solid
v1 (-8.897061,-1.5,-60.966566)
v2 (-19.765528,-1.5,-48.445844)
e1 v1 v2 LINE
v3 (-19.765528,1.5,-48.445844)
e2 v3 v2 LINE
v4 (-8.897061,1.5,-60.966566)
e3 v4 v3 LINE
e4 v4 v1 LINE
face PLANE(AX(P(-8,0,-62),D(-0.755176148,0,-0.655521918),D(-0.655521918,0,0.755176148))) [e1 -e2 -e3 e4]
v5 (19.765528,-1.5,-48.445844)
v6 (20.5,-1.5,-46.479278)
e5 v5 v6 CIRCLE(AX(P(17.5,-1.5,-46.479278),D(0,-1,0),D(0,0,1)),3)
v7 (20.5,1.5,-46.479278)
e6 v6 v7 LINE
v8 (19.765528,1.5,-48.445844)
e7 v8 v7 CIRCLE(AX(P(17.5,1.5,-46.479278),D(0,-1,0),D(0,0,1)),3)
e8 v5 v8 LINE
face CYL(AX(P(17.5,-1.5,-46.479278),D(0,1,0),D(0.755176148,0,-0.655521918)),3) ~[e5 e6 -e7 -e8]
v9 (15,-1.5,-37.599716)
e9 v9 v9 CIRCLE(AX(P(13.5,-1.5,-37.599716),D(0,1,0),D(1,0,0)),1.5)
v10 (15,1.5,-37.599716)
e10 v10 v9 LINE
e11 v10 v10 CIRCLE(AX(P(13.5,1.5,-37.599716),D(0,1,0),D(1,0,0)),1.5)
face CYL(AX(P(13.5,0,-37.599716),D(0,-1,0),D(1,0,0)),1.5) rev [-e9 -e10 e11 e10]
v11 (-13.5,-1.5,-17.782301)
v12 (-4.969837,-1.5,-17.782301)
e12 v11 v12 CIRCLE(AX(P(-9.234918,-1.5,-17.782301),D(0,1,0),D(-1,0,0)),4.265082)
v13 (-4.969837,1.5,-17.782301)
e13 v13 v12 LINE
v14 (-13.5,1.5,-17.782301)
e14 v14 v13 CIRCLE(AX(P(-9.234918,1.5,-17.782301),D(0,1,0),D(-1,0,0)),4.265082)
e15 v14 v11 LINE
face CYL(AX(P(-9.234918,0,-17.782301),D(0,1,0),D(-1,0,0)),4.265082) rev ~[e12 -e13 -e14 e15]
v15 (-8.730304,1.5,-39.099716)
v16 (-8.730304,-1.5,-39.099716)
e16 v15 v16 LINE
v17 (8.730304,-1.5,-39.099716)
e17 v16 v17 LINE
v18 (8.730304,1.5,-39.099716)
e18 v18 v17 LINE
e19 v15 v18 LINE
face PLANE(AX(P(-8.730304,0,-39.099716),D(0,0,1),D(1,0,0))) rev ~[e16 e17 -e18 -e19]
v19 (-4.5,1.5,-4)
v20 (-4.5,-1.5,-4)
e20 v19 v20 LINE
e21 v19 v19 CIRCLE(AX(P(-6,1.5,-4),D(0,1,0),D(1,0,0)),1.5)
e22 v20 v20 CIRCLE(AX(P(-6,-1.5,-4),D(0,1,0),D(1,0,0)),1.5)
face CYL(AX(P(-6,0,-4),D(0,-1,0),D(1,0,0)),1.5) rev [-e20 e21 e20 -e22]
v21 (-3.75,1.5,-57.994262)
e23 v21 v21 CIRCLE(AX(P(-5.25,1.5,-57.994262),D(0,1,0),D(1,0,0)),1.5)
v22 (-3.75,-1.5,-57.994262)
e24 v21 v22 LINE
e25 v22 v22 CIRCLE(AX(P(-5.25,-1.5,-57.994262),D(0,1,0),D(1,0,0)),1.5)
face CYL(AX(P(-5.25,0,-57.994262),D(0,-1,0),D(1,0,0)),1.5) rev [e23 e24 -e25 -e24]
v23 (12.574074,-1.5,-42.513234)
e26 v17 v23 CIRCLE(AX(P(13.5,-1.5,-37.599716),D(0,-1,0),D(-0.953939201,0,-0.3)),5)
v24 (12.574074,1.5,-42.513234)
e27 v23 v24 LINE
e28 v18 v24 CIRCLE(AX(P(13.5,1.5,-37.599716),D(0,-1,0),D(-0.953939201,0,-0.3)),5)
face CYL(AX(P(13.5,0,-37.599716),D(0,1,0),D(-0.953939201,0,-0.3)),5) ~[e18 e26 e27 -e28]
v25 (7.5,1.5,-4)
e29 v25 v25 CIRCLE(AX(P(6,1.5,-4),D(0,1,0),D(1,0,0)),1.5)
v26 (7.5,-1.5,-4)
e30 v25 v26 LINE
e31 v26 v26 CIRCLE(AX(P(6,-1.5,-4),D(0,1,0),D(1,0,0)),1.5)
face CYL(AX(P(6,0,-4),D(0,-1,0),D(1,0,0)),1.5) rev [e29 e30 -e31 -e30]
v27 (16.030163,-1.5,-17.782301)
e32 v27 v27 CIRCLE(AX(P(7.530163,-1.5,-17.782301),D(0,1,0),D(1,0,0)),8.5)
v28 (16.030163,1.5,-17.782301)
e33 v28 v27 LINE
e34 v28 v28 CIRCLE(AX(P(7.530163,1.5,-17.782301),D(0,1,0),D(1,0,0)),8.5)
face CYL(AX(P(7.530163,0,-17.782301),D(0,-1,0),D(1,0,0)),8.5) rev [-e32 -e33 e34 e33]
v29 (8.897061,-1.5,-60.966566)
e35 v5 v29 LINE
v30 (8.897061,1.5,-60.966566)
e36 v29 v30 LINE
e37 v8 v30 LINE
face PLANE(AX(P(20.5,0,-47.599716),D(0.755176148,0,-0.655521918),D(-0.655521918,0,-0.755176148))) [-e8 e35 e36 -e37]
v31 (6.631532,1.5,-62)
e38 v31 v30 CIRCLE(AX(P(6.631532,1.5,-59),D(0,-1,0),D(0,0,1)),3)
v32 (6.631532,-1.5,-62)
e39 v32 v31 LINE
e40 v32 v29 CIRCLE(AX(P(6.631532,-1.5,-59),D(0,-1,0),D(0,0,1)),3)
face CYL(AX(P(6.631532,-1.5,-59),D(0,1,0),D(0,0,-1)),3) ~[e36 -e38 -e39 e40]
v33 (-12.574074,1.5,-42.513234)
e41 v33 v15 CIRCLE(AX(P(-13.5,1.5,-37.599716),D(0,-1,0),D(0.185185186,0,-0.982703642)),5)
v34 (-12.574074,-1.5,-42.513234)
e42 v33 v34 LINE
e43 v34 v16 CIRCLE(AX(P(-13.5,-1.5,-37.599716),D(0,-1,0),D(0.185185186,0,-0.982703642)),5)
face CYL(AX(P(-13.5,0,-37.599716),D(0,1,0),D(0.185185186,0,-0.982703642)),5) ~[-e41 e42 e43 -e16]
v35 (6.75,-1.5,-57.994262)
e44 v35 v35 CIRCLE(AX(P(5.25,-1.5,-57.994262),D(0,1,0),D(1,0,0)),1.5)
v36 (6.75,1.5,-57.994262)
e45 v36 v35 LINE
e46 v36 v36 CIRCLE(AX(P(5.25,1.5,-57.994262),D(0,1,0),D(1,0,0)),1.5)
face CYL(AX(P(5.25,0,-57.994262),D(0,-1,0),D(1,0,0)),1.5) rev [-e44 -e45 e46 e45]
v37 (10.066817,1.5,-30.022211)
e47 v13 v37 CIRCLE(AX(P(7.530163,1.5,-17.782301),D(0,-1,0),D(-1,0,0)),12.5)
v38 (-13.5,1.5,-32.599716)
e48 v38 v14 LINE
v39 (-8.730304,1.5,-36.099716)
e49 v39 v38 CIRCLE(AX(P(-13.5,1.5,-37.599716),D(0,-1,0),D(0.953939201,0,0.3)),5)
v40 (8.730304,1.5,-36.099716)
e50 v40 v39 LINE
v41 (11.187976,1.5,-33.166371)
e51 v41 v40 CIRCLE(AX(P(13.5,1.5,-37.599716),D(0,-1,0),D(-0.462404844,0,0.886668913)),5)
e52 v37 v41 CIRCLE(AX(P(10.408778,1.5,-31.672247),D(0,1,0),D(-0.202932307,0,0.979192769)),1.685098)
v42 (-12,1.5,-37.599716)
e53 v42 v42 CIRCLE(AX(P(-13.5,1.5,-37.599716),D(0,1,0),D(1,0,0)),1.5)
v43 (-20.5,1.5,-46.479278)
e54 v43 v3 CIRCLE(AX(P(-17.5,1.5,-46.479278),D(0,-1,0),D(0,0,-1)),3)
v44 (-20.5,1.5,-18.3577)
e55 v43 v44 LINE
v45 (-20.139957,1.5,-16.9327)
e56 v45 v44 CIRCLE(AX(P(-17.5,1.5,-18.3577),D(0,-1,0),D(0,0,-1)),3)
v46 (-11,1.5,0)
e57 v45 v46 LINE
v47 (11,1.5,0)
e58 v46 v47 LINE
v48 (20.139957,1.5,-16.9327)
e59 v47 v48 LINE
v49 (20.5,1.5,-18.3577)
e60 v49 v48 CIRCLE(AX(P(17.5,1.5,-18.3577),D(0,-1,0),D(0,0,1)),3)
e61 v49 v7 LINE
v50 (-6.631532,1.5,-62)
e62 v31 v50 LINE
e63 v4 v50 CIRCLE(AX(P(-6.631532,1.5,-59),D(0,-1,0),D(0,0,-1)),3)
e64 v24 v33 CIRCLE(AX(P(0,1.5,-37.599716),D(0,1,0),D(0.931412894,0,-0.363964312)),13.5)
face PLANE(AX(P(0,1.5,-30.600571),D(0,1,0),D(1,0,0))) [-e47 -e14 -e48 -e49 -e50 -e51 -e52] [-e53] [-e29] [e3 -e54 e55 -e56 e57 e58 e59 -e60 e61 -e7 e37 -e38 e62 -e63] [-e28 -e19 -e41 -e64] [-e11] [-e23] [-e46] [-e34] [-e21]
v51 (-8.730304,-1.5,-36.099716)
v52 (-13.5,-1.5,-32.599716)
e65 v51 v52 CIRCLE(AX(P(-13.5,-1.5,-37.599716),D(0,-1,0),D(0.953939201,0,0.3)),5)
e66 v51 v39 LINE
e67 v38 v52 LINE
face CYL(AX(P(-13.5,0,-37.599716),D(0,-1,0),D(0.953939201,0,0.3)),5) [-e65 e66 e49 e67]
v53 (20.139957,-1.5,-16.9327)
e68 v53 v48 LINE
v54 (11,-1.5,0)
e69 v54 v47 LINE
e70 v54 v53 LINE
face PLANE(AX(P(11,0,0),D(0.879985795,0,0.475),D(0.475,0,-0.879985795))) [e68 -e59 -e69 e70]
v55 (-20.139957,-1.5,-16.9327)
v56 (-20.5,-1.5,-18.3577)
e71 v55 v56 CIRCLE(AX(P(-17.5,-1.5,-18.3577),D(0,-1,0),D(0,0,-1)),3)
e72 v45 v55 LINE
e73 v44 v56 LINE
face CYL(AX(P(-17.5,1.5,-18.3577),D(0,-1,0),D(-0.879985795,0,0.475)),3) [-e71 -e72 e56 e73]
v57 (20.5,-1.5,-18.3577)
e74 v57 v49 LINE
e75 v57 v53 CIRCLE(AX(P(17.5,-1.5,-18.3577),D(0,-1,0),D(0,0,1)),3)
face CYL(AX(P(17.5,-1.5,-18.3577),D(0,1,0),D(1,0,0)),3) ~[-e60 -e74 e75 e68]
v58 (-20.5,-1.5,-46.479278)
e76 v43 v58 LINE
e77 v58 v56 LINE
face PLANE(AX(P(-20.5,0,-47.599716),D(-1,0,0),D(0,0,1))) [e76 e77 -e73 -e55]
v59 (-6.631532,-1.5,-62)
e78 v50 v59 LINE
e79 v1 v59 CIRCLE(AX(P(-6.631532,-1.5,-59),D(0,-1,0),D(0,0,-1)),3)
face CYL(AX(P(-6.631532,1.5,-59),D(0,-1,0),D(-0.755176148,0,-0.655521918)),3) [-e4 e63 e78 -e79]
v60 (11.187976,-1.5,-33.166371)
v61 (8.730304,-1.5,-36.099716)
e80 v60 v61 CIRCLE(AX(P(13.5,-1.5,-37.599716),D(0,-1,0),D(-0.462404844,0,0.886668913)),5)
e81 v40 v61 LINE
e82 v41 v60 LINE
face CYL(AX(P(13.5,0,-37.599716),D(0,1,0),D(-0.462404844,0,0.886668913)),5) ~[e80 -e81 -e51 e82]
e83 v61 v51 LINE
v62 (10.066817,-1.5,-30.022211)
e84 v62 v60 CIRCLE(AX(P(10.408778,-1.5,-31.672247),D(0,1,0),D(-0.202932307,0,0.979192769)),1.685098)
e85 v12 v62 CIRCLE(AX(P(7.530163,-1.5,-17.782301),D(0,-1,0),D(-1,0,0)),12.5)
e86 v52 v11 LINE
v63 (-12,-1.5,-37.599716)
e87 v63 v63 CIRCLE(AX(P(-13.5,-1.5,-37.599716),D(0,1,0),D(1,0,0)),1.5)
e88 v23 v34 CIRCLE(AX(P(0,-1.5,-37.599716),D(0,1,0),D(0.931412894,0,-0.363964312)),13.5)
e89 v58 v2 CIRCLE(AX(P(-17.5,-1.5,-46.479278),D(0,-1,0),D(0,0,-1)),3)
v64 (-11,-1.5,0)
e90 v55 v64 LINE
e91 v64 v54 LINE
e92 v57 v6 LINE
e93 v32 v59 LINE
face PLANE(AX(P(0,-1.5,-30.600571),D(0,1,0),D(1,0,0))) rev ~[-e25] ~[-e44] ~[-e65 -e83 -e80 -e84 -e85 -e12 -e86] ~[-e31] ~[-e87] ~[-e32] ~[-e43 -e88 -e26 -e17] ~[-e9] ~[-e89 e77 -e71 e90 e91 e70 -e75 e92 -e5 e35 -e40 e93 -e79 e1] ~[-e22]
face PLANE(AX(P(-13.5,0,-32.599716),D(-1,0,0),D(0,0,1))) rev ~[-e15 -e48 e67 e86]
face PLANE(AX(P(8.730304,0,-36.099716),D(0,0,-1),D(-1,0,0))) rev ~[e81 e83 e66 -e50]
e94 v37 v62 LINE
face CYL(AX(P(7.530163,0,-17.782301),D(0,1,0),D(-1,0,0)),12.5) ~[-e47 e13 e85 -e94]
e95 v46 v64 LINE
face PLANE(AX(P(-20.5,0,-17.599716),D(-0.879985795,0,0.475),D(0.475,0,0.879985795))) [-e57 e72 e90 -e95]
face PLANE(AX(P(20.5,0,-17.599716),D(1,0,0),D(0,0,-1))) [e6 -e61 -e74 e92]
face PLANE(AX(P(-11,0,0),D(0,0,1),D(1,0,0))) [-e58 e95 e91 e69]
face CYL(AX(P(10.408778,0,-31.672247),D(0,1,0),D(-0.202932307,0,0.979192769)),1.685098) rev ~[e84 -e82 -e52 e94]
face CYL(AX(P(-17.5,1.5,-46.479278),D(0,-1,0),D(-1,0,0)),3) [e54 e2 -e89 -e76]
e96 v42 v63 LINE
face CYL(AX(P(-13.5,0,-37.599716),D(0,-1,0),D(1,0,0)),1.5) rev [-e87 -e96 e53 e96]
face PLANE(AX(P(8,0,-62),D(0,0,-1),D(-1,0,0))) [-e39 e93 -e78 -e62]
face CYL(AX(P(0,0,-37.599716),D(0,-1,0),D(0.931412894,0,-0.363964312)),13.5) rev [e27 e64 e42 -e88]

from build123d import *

# Parameters (mm, degrees)
CROQUIS1_R              = 8.5
CROQUIS1_R_2            = 1.5
SALIENTE_EXTRUIR1_DEPTH = 1.5
REDONDEO1_R             = 3


with BuildPart() as part:
    # Croquis1 → Saliente-Extruir1 (new body, symmetric)
    with BuildSketch(Plane(origin=(0, 0, 0), x_dir=(1, 0, 0), z_dir=(0, 1, 0))):
        Polygon((-11, 0), (11, 0), (20.5, 17.599715907), (20.5, 47.599715907), (8, 62), (-8, 62), (-20.5, 47.599715907), (-20.5, 17.599715907), align=None)
        with Locations((7.530163354, 17.782301135)):
            Circle(CROQUIS1_R, mode=Mode.SUBTRACT)
        with Locations((-5.25, 57.994261746)):
            Circle(CROQUIS1_R_2, mode=Mode.SUBTRACT)
        with Locations((-13.5, 37.599715907)):
            Circle(CROQUIS1_R_2, mode=Mode.SUBTRACT)
        with Locations((13.5, 37.599715907)):
            Circle(CROQUIS1_R_2, mode=Mode.SUBTRACT)
        with Locations((5.25, 57.994261746)):
            Circle(CROQUIS1_R_2, mode=Mode.SUBTRACT)
        with Locations((-6, 4)):
            Circle(CROQUIS1_R_2, mode=Mode.SUBTRACT)
        with Locations((6, 4)):
            Circle(CROQUIS1_R_2, mode=Mode.SUBTRACT)
        with BuildLine():
            Line((-8.730303993, 39.099715907), (8.730303993, 39.099715907))
            ThreePointArc((8.730303993, 39.099715907), (10.179901517, 41.338291312), (12.574074074, 42.513234115))
            ThreePointArc((12.574074074, 42.513234115), (0, 51.099715907), (-12.574074074, 42.513234115))
            ThreePointArc((-12.574074074, 42.513234115), (-10.179901517, 41.338291312), (-8.730303993, 39.099715907))
        make_face(mode=Mode.SUBTRACT)
        with BuildLine():
            Line((-13.5, 32.599715907), (-13.5, 17.782301135))
            ThreePointArc((-13.5, 17.782301135), (-9.234918323, 13.517219458), (-4.969836646, 17.782301135))
            ThreePointArc((-4.969836646, 17.782301135), (-0.361028795, 27.476582257), (10.06681719, 30.022210747))
            ThreePointArc((10.06681719, 30.022210747), (11.99598649, 31.106273213), (11.187975781, 33.166371344))
            ThreePointArc((11.187975781, 33.166371344), (9.667400631, 34.388612969), (8.730303993, 36.099715907))
            Line((8.730303993, 36.099715907), (-8.730303993, 36.099715907))
            ThreePointArc((-8.730303993, 36.099715907), (-10.541960108, 33.568587033), (-13.5, 32.599715907))
        make_face(mode=Mode.SUBTRACT)
    extrude(amount=SALIENTE_EXTRUIR1_DEPTH, both=True)

    # Redondeo1
    redondeo1_edges = [part.edges().sort_by_distance(p)[0] for p in [
        (-20.5, 0, -17.599715907),
        (-20.5, 0, -47.599715907),
        (-8, 0, -62),
        (8, 0, -62),
        (20.5, 0, -47.599715907),
        (20.5, 0, -17.599715907),
    ]]
    fillet(redondeo1_edges, radius=REDONDEO1_R)


solid = part.part
